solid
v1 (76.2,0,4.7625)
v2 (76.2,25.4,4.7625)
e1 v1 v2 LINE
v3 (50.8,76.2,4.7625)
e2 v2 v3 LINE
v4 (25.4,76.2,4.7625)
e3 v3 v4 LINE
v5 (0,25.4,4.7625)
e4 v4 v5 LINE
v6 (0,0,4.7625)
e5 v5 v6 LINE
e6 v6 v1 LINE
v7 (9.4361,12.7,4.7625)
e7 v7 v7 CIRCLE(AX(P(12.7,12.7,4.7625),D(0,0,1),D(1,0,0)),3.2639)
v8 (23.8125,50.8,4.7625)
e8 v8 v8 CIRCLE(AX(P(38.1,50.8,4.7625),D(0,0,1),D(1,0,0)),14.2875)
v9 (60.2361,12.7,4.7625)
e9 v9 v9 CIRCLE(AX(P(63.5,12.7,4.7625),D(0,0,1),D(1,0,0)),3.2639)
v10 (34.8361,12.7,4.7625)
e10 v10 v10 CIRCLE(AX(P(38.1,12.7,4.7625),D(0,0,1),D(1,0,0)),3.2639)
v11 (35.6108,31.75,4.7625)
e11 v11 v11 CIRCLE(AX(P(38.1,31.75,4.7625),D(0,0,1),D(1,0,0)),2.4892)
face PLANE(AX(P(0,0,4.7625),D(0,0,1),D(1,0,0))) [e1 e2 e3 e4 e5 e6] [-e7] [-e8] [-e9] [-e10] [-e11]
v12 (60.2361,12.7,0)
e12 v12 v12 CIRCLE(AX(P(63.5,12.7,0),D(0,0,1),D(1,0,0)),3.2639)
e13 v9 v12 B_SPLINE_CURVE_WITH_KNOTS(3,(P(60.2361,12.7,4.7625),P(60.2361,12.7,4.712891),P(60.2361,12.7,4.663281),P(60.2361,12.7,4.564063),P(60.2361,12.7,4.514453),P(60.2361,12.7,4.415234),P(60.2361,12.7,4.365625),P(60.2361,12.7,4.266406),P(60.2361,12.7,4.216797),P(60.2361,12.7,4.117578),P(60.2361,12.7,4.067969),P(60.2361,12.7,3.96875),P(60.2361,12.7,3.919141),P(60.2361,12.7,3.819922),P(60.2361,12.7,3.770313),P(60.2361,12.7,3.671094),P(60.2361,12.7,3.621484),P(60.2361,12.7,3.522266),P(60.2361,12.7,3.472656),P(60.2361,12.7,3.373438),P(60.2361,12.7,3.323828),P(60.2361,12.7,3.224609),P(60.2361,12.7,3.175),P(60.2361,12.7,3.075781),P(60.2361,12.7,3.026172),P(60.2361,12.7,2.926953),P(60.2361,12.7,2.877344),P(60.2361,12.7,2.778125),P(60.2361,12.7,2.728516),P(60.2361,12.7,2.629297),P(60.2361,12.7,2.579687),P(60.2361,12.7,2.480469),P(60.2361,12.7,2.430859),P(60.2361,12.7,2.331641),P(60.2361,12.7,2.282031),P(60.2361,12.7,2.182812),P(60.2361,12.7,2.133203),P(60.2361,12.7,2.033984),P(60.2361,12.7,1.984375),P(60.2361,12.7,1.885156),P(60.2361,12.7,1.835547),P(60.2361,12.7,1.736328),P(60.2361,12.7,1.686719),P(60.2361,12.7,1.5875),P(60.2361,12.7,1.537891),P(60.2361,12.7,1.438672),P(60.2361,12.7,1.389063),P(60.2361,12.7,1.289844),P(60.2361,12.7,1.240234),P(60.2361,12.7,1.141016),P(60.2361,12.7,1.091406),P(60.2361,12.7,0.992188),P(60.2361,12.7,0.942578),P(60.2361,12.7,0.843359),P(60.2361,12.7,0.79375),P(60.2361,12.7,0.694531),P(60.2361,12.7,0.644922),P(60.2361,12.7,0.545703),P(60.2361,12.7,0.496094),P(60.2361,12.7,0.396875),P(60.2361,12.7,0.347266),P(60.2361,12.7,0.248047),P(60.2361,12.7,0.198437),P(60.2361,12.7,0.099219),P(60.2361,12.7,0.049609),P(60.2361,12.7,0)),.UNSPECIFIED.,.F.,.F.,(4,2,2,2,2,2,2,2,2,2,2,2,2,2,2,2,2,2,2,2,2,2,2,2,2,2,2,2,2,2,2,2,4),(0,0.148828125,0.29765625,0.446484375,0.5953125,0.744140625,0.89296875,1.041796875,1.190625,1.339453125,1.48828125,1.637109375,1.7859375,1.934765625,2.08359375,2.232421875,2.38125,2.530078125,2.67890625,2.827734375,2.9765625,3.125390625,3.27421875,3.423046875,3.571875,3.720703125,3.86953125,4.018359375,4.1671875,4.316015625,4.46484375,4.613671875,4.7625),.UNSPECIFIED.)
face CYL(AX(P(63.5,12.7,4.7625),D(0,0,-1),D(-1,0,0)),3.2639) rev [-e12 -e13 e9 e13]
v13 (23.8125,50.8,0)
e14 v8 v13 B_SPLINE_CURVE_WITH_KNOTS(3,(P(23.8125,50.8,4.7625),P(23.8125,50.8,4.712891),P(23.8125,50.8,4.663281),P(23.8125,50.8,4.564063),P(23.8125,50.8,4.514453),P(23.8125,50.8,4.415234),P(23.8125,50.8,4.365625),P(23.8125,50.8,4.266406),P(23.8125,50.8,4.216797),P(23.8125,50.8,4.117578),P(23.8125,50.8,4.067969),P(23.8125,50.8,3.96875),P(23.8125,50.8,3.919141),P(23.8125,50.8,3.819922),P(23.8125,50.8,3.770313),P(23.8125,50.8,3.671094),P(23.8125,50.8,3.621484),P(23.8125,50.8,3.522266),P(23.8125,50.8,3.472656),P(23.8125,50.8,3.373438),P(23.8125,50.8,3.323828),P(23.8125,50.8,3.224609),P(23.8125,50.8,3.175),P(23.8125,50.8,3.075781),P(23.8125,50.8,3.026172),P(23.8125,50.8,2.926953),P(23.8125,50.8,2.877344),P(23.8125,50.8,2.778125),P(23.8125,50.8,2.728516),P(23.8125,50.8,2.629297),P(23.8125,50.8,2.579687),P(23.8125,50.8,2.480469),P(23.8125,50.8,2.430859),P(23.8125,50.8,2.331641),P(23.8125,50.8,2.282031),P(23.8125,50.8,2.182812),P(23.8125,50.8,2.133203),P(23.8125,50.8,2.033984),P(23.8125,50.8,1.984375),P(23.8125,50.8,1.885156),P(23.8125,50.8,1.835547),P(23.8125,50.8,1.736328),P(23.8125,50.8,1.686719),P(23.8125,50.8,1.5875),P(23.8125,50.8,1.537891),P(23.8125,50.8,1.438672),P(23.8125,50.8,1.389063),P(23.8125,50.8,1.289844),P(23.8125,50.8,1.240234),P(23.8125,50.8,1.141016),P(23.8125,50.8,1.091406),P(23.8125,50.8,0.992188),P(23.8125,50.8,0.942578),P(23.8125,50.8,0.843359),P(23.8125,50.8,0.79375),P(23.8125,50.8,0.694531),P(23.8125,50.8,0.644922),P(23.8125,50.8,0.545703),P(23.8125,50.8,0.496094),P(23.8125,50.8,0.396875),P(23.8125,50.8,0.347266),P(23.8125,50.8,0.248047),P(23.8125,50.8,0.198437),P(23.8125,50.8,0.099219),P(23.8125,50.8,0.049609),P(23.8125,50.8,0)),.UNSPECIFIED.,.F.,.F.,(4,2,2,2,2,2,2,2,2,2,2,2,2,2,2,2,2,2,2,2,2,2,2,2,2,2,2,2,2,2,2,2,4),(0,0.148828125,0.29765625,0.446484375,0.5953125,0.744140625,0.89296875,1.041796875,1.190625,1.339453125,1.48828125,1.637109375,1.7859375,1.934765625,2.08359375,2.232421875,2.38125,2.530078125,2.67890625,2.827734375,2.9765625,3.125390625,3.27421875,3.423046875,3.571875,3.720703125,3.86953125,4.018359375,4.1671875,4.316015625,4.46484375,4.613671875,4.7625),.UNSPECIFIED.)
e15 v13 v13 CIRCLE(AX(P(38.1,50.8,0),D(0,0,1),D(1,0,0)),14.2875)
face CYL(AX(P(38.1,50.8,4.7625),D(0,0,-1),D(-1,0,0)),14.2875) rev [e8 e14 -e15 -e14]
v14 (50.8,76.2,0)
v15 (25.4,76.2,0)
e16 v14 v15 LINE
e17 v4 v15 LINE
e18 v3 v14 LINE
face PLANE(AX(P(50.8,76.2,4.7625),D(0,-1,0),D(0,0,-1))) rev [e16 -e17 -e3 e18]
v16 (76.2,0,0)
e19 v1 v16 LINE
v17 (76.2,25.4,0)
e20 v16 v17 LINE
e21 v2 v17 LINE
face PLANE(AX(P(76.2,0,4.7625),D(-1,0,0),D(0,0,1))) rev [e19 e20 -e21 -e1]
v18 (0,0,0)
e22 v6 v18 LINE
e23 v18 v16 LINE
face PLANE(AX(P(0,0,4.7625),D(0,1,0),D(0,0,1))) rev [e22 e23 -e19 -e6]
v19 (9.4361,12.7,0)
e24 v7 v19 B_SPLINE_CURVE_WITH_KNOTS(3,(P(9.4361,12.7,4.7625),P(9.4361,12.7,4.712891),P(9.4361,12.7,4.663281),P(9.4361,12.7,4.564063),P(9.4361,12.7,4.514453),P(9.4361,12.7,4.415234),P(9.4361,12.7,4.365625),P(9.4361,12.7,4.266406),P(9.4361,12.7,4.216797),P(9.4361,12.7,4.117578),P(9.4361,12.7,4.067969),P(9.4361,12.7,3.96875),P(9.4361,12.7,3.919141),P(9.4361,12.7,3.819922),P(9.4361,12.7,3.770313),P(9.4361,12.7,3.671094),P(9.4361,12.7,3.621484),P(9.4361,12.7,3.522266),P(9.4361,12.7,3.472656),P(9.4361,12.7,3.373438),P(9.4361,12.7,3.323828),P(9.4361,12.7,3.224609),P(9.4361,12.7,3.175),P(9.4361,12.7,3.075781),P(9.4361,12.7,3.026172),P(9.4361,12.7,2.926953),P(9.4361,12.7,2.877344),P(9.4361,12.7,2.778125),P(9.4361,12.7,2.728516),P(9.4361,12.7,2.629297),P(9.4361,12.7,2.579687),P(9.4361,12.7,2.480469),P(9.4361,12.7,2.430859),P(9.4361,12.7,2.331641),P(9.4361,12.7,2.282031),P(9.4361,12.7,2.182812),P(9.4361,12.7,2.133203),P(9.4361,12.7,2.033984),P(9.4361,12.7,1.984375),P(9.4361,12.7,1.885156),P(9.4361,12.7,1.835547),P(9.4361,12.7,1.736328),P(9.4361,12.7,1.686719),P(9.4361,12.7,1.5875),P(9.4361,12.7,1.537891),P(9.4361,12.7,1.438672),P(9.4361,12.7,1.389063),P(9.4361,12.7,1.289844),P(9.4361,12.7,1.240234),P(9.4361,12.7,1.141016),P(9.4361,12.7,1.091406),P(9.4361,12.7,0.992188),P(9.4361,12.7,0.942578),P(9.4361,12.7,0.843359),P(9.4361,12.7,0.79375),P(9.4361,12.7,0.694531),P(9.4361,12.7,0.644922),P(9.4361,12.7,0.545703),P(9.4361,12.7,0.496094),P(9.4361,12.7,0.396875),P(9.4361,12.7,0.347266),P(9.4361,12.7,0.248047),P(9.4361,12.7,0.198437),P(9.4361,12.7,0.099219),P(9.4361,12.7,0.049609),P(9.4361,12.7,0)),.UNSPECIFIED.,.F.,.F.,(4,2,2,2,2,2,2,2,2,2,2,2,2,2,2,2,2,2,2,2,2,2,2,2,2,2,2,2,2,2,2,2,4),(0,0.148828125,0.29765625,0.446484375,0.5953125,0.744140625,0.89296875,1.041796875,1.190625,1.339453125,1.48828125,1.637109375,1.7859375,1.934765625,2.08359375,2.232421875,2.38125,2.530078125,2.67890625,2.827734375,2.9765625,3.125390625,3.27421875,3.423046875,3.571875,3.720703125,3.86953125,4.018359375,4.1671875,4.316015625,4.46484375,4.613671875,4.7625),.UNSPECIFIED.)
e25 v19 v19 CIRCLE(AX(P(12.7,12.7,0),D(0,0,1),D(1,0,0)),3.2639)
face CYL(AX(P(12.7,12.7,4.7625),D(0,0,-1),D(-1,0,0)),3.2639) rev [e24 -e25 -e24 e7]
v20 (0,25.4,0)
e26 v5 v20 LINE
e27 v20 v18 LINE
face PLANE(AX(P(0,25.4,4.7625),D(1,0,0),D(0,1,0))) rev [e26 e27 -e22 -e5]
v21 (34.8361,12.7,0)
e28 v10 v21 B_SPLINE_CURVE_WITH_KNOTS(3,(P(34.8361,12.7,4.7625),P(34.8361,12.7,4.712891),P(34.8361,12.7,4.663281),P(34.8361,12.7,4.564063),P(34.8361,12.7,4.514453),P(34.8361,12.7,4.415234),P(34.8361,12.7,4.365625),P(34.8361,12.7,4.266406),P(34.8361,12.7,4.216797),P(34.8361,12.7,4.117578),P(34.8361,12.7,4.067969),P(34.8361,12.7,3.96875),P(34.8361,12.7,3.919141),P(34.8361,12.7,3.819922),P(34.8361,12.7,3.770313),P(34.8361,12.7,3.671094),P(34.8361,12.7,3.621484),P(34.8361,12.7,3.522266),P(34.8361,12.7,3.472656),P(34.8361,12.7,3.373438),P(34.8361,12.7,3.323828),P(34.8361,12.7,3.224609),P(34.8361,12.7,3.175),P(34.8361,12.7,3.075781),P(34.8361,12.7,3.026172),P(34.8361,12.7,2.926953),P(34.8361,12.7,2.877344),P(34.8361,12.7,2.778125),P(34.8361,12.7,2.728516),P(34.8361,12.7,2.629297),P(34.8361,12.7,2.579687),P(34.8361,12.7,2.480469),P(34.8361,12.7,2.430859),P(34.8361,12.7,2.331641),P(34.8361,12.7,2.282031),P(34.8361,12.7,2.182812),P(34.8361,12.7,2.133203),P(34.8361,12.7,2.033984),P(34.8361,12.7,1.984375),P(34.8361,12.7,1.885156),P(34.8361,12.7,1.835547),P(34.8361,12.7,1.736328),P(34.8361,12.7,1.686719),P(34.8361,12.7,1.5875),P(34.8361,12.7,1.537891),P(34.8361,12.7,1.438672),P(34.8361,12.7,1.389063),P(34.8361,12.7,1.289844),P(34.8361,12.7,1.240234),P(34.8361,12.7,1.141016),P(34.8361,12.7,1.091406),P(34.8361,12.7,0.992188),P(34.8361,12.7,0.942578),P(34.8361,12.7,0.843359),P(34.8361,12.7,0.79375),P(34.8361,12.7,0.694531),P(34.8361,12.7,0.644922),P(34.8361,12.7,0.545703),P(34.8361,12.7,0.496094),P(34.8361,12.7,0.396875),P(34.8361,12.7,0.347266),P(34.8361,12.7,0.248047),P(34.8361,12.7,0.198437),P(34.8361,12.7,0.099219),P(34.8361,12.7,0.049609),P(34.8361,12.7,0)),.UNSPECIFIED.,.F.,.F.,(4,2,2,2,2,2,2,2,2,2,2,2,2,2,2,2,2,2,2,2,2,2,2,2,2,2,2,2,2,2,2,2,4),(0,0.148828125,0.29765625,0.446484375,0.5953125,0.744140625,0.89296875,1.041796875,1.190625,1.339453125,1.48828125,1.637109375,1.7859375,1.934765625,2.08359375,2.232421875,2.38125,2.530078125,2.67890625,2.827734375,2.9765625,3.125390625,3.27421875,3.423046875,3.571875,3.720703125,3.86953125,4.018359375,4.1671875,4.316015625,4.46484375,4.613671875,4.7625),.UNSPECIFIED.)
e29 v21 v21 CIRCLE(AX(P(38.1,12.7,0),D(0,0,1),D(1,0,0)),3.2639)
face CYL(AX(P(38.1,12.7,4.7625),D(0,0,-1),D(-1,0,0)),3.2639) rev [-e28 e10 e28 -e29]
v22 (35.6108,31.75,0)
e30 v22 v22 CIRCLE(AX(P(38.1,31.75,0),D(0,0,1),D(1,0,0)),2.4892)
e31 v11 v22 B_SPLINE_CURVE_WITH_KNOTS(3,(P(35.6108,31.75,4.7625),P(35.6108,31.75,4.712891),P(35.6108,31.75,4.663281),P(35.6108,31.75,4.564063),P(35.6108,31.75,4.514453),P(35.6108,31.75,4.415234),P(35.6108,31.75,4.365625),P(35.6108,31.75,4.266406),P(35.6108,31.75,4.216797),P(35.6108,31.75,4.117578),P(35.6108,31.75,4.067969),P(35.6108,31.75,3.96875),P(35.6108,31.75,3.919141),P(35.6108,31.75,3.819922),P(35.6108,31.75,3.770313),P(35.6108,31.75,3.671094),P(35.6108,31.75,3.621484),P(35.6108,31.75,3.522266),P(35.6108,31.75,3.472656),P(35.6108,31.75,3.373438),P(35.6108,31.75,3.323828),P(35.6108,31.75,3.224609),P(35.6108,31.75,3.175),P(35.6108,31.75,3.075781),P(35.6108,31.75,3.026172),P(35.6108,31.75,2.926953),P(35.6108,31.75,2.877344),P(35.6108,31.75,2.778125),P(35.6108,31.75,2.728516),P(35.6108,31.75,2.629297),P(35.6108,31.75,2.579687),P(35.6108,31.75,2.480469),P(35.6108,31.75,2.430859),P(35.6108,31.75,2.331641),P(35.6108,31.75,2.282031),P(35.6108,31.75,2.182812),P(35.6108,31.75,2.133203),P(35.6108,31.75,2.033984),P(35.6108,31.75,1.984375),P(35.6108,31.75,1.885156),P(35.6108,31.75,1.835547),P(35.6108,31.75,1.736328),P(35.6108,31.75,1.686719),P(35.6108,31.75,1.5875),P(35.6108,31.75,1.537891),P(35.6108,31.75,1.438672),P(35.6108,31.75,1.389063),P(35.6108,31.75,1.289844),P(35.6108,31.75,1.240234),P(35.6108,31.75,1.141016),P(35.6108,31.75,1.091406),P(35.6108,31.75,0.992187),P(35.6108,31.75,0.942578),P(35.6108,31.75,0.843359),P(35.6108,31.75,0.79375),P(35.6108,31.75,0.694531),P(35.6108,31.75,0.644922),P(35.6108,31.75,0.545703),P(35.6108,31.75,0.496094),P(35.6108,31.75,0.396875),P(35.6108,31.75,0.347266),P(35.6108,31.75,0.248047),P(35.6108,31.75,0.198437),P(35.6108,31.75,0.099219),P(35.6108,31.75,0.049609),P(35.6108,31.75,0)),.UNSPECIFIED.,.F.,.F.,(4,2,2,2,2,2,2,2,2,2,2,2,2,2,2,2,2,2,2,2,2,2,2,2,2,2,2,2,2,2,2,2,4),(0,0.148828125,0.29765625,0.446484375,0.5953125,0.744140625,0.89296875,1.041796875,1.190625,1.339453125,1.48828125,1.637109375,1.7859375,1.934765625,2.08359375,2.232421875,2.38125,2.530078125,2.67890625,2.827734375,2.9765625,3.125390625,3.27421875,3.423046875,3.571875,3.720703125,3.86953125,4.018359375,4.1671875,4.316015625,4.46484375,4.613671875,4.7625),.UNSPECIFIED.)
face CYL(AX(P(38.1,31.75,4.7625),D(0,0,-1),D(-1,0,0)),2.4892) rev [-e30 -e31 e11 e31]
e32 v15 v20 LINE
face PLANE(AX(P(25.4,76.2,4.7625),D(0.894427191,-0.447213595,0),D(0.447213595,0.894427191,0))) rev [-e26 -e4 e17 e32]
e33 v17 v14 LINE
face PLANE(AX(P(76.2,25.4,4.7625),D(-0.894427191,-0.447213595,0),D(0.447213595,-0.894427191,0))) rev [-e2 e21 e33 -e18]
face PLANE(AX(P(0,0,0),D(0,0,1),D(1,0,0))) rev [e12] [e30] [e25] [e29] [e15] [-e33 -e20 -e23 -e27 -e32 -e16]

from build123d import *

# Parameters (mm, degrees)
SKETCH1_R           = 3.2639
SKETCH1_R_2         = 14.2875
SKETCH1_R_3         = 2.4892
BOSS_EXTRUDE1_DEPTH = 4.7625


with BuildPart() as part:
    # Sketch1 → Boss-Extrude1 (new body)
    with BuildSketch(Plane.XY):
        Polygon((0, 0), (76.2, 0), (76.2, 25.4), (50.8, 76.2), (25.4, 76.2), (0, 25.4), align=None)
        with Locations(Location((38.1, 12.7, 0), (0, 0, 180))):
            Circle(SKETCH1_R, mode=Mode.SUBTRACT)
        with Locations(Location((63.5, 12.7, 0), (0, 0, 180))):
            Circle(SKETCH1_R, mode=Mode.SUBTRACT)
        with Locations(Location((12.7, 12.7, 0), (0, 0, 180))):
            Circle(SKETCH1_R, mode=Mode.SUBTRACT)
        with Locations(Location((38.1, 50.8, 0), (0, 0, 180))):
            Circle(SKETCH1_R_2, mode=Mode.SUBTRACT)
        with Locations(Location((38.1, 31.75, 0), (0, 0, 180))):
            Circle(SKETCH1_R_3, mode=Mode.SUBTRACT)
    extrude(amount=BOSS_EXTRUDE1_DEPTH)


solid = part.part
